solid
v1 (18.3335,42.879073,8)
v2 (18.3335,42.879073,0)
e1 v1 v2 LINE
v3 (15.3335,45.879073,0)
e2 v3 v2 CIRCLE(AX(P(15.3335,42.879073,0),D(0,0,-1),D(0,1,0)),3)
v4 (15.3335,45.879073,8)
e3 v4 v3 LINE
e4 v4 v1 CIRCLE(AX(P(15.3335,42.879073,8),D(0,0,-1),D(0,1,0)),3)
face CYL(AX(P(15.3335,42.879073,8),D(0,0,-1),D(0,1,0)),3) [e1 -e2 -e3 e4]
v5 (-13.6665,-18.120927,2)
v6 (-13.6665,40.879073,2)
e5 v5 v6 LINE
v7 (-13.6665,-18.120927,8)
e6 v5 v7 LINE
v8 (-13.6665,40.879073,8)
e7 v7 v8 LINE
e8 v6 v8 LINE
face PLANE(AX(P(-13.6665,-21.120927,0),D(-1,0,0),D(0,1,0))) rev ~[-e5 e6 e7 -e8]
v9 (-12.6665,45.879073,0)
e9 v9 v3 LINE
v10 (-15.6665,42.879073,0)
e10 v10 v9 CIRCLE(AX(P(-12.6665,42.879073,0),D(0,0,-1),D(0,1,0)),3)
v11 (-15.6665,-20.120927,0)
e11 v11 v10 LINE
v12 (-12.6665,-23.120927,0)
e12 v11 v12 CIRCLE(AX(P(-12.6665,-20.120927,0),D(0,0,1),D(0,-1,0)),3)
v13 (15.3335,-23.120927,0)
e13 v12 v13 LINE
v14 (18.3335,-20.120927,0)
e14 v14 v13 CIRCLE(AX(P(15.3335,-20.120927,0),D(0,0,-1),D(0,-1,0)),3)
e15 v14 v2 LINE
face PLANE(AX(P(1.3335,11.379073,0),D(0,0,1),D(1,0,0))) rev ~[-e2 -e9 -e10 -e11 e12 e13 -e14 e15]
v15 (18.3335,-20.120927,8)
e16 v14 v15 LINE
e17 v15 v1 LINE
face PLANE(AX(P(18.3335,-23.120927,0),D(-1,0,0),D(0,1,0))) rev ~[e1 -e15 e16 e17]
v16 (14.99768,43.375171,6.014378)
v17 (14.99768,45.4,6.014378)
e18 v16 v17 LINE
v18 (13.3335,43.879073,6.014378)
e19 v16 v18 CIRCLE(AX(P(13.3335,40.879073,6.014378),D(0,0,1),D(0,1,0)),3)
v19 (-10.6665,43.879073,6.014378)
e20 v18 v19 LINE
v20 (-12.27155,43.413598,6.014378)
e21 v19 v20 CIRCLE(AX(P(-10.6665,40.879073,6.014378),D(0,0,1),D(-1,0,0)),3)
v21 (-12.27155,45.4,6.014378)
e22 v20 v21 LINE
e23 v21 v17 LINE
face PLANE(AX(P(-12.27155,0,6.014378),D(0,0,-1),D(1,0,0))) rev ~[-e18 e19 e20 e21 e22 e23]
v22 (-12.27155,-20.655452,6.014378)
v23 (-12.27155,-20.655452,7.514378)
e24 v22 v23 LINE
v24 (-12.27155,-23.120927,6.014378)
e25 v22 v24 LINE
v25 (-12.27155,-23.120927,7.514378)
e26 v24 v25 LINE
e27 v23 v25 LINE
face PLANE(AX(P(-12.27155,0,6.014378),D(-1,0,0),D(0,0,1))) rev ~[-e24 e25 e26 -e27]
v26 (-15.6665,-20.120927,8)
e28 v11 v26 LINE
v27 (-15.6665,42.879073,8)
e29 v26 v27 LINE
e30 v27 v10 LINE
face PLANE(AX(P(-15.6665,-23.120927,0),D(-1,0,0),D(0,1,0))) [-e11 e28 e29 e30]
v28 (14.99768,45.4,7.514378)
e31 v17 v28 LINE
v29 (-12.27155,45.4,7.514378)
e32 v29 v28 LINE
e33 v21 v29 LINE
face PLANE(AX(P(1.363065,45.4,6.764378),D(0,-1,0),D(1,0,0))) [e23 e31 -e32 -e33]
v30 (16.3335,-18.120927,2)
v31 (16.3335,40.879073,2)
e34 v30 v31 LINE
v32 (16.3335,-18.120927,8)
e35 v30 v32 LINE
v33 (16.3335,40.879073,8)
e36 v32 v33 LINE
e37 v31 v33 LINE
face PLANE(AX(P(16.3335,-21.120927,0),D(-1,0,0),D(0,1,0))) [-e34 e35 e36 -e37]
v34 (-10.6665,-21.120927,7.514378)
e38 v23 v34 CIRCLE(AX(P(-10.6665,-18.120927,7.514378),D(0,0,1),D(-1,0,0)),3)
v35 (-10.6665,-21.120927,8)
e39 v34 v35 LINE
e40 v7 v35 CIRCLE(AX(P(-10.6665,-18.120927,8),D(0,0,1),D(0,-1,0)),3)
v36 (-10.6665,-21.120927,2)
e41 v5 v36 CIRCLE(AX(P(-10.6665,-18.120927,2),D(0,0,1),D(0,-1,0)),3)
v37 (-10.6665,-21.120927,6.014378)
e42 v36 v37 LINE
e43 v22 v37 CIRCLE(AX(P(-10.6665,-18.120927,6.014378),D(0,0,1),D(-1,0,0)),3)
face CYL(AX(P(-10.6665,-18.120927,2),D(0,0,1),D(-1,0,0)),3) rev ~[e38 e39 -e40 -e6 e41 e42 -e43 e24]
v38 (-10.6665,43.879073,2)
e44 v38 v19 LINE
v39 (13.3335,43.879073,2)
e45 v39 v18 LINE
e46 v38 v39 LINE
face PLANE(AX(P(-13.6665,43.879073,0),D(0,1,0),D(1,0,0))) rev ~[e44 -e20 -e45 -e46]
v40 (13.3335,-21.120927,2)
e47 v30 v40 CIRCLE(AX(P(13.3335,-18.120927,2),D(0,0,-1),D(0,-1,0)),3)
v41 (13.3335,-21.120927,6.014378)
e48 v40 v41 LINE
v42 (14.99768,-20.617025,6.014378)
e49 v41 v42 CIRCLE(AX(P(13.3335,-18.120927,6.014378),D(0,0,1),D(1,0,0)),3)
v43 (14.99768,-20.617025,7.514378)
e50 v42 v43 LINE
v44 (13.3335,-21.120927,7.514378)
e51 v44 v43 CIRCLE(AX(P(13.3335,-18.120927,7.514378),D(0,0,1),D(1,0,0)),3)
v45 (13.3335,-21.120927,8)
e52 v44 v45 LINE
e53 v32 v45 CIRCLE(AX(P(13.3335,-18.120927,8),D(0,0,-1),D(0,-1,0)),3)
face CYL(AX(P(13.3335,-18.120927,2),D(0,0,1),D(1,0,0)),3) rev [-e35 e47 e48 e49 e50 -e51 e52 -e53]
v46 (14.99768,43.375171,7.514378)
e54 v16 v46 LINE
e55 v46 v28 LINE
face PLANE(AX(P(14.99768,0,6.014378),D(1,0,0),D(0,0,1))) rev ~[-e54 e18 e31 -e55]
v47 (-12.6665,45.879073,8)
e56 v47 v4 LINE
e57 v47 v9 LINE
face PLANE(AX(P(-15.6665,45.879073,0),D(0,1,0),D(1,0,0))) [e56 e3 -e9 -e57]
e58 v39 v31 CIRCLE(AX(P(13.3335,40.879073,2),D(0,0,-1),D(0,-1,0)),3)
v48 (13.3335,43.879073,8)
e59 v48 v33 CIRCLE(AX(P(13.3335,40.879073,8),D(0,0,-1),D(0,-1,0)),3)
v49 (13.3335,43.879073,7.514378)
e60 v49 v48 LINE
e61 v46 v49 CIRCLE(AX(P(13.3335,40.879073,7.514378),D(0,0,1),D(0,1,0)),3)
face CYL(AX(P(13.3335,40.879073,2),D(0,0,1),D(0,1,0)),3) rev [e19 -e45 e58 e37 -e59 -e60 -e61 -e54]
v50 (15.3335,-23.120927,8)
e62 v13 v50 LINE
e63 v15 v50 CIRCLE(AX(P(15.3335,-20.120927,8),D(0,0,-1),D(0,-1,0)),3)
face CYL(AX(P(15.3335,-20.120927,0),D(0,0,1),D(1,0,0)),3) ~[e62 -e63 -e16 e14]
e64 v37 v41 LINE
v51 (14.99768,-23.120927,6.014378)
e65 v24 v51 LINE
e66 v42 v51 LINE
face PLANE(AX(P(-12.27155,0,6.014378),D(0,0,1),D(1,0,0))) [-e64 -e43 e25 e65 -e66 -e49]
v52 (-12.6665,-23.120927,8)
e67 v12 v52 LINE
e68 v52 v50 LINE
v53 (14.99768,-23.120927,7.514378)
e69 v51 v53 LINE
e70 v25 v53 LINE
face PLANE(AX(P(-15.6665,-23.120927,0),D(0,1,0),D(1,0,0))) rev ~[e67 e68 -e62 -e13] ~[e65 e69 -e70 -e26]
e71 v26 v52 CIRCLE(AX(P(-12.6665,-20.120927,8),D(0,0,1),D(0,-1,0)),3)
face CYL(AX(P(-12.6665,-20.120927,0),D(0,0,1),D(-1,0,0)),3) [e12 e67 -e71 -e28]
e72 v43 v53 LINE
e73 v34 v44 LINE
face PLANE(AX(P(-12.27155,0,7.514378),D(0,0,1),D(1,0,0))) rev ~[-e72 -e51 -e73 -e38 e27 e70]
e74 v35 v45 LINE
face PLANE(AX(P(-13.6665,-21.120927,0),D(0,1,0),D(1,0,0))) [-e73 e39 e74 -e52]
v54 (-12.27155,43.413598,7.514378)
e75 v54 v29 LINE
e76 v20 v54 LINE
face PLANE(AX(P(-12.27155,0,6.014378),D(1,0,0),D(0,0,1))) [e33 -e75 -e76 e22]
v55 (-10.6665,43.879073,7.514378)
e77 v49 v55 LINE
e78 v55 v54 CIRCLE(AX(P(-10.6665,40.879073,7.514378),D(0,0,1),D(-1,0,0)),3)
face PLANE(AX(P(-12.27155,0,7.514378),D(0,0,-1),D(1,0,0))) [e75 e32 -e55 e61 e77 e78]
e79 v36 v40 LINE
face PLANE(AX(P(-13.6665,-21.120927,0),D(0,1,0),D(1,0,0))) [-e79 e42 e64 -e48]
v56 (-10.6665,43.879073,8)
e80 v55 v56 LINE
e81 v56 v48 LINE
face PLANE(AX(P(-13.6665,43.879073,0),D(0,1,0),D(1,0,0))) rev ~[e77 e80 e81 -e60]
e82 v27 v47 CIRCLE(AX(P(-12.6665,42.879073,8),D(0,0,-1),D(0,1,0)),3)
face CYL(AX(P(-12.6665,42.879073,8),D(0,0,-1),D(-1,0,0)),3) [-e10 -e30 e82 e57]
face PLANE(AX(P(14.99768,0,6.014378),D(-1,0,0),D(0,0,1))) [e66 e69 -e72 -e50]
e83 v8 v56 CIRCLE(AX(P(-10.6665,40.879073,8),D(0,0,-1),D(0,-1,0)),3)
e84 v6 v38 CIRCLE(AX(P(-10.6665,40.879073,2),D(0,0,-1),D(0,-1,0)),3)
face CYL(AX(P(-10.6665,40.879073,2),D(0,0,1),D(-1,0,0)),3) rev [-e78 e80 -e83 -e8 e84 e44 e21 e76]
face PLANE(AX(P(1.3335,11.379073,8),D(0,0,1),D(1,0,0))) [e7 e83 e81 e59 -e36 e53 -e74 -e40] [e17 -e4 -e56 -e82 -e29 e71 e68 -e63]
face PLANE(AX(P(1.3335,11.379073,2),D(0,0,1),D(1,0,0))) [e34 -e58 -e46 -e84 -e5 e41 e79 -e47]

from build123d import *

# Parameters (mm, degrees)
F1_W     = 34
F1_H     = 69
F1_W_2   = 30
F1_H_2   = 65
F2_DEPTH = 8
F3_DEPTH = 2
F4_R     = 3
F5_W     = 27.269229
F5_H     = 1.5
F6_DEPTH = 25
F7_DEPTH = 45.4


with BuildPart() as f2:
    # F1 (on face) → F2 (new body)
    with BuildSketch(Plane.XY):
        with Locations((1.3335, 11.379073)):
            Rectangle(F1_W, F1_H)
        with Locations((1.3335, 11.379073)):
            Rectangle(F1_W_2, F1_H_2, mode=Mode.SUBTRACT)
    extrude(amount=F2_DEPTH)

    # F1 (on face) → F3 (join)
    with BuildSketch(Plane.XY):
        with Locations((1.3335, 11.379073)):
            Rectangle(F1_W, F1_H)
    extrude(amount=F3_DEPTH)

    # F4
    f4_edges = [f2.edges().sort_by_distance(p)[0] for p in [
        (-15.6665, 45.879073, 4),
        (18.3335, 45.879073, 4),
        (18.3335, -23.120927, 4),
        (-15.6665, -23.120927, 4),
        (-13.6665, 43.879073, 5),
        (16.3335, 43.879073, 5),
        (16.3335, -21.120927, 5),
        (-13.6665, -21.120927, 5),
    ]]
    fillet(f4_edges, radius=F4_R)

    # F5 (on Front) → F6 (cut)
    with BuildSketch(Plane.XZ):
        with Locations((1.363065, 6.764378)):
            Rectangle(F5_W, F5_H)
    extrude(amount=F6_DEPTH, mode=Mode.SUBTRACT)

    # F5 (on Front) → F7 (cut)
    with BuildSketch(Plane.XZ):
        with Locations((1.363065, 6.764378)):
            Rectangle(F5_W, F5_H)
    extrude(amount=-F7_DEPTH, mode=Mode.SUBTRACT)


solid = f2.part
